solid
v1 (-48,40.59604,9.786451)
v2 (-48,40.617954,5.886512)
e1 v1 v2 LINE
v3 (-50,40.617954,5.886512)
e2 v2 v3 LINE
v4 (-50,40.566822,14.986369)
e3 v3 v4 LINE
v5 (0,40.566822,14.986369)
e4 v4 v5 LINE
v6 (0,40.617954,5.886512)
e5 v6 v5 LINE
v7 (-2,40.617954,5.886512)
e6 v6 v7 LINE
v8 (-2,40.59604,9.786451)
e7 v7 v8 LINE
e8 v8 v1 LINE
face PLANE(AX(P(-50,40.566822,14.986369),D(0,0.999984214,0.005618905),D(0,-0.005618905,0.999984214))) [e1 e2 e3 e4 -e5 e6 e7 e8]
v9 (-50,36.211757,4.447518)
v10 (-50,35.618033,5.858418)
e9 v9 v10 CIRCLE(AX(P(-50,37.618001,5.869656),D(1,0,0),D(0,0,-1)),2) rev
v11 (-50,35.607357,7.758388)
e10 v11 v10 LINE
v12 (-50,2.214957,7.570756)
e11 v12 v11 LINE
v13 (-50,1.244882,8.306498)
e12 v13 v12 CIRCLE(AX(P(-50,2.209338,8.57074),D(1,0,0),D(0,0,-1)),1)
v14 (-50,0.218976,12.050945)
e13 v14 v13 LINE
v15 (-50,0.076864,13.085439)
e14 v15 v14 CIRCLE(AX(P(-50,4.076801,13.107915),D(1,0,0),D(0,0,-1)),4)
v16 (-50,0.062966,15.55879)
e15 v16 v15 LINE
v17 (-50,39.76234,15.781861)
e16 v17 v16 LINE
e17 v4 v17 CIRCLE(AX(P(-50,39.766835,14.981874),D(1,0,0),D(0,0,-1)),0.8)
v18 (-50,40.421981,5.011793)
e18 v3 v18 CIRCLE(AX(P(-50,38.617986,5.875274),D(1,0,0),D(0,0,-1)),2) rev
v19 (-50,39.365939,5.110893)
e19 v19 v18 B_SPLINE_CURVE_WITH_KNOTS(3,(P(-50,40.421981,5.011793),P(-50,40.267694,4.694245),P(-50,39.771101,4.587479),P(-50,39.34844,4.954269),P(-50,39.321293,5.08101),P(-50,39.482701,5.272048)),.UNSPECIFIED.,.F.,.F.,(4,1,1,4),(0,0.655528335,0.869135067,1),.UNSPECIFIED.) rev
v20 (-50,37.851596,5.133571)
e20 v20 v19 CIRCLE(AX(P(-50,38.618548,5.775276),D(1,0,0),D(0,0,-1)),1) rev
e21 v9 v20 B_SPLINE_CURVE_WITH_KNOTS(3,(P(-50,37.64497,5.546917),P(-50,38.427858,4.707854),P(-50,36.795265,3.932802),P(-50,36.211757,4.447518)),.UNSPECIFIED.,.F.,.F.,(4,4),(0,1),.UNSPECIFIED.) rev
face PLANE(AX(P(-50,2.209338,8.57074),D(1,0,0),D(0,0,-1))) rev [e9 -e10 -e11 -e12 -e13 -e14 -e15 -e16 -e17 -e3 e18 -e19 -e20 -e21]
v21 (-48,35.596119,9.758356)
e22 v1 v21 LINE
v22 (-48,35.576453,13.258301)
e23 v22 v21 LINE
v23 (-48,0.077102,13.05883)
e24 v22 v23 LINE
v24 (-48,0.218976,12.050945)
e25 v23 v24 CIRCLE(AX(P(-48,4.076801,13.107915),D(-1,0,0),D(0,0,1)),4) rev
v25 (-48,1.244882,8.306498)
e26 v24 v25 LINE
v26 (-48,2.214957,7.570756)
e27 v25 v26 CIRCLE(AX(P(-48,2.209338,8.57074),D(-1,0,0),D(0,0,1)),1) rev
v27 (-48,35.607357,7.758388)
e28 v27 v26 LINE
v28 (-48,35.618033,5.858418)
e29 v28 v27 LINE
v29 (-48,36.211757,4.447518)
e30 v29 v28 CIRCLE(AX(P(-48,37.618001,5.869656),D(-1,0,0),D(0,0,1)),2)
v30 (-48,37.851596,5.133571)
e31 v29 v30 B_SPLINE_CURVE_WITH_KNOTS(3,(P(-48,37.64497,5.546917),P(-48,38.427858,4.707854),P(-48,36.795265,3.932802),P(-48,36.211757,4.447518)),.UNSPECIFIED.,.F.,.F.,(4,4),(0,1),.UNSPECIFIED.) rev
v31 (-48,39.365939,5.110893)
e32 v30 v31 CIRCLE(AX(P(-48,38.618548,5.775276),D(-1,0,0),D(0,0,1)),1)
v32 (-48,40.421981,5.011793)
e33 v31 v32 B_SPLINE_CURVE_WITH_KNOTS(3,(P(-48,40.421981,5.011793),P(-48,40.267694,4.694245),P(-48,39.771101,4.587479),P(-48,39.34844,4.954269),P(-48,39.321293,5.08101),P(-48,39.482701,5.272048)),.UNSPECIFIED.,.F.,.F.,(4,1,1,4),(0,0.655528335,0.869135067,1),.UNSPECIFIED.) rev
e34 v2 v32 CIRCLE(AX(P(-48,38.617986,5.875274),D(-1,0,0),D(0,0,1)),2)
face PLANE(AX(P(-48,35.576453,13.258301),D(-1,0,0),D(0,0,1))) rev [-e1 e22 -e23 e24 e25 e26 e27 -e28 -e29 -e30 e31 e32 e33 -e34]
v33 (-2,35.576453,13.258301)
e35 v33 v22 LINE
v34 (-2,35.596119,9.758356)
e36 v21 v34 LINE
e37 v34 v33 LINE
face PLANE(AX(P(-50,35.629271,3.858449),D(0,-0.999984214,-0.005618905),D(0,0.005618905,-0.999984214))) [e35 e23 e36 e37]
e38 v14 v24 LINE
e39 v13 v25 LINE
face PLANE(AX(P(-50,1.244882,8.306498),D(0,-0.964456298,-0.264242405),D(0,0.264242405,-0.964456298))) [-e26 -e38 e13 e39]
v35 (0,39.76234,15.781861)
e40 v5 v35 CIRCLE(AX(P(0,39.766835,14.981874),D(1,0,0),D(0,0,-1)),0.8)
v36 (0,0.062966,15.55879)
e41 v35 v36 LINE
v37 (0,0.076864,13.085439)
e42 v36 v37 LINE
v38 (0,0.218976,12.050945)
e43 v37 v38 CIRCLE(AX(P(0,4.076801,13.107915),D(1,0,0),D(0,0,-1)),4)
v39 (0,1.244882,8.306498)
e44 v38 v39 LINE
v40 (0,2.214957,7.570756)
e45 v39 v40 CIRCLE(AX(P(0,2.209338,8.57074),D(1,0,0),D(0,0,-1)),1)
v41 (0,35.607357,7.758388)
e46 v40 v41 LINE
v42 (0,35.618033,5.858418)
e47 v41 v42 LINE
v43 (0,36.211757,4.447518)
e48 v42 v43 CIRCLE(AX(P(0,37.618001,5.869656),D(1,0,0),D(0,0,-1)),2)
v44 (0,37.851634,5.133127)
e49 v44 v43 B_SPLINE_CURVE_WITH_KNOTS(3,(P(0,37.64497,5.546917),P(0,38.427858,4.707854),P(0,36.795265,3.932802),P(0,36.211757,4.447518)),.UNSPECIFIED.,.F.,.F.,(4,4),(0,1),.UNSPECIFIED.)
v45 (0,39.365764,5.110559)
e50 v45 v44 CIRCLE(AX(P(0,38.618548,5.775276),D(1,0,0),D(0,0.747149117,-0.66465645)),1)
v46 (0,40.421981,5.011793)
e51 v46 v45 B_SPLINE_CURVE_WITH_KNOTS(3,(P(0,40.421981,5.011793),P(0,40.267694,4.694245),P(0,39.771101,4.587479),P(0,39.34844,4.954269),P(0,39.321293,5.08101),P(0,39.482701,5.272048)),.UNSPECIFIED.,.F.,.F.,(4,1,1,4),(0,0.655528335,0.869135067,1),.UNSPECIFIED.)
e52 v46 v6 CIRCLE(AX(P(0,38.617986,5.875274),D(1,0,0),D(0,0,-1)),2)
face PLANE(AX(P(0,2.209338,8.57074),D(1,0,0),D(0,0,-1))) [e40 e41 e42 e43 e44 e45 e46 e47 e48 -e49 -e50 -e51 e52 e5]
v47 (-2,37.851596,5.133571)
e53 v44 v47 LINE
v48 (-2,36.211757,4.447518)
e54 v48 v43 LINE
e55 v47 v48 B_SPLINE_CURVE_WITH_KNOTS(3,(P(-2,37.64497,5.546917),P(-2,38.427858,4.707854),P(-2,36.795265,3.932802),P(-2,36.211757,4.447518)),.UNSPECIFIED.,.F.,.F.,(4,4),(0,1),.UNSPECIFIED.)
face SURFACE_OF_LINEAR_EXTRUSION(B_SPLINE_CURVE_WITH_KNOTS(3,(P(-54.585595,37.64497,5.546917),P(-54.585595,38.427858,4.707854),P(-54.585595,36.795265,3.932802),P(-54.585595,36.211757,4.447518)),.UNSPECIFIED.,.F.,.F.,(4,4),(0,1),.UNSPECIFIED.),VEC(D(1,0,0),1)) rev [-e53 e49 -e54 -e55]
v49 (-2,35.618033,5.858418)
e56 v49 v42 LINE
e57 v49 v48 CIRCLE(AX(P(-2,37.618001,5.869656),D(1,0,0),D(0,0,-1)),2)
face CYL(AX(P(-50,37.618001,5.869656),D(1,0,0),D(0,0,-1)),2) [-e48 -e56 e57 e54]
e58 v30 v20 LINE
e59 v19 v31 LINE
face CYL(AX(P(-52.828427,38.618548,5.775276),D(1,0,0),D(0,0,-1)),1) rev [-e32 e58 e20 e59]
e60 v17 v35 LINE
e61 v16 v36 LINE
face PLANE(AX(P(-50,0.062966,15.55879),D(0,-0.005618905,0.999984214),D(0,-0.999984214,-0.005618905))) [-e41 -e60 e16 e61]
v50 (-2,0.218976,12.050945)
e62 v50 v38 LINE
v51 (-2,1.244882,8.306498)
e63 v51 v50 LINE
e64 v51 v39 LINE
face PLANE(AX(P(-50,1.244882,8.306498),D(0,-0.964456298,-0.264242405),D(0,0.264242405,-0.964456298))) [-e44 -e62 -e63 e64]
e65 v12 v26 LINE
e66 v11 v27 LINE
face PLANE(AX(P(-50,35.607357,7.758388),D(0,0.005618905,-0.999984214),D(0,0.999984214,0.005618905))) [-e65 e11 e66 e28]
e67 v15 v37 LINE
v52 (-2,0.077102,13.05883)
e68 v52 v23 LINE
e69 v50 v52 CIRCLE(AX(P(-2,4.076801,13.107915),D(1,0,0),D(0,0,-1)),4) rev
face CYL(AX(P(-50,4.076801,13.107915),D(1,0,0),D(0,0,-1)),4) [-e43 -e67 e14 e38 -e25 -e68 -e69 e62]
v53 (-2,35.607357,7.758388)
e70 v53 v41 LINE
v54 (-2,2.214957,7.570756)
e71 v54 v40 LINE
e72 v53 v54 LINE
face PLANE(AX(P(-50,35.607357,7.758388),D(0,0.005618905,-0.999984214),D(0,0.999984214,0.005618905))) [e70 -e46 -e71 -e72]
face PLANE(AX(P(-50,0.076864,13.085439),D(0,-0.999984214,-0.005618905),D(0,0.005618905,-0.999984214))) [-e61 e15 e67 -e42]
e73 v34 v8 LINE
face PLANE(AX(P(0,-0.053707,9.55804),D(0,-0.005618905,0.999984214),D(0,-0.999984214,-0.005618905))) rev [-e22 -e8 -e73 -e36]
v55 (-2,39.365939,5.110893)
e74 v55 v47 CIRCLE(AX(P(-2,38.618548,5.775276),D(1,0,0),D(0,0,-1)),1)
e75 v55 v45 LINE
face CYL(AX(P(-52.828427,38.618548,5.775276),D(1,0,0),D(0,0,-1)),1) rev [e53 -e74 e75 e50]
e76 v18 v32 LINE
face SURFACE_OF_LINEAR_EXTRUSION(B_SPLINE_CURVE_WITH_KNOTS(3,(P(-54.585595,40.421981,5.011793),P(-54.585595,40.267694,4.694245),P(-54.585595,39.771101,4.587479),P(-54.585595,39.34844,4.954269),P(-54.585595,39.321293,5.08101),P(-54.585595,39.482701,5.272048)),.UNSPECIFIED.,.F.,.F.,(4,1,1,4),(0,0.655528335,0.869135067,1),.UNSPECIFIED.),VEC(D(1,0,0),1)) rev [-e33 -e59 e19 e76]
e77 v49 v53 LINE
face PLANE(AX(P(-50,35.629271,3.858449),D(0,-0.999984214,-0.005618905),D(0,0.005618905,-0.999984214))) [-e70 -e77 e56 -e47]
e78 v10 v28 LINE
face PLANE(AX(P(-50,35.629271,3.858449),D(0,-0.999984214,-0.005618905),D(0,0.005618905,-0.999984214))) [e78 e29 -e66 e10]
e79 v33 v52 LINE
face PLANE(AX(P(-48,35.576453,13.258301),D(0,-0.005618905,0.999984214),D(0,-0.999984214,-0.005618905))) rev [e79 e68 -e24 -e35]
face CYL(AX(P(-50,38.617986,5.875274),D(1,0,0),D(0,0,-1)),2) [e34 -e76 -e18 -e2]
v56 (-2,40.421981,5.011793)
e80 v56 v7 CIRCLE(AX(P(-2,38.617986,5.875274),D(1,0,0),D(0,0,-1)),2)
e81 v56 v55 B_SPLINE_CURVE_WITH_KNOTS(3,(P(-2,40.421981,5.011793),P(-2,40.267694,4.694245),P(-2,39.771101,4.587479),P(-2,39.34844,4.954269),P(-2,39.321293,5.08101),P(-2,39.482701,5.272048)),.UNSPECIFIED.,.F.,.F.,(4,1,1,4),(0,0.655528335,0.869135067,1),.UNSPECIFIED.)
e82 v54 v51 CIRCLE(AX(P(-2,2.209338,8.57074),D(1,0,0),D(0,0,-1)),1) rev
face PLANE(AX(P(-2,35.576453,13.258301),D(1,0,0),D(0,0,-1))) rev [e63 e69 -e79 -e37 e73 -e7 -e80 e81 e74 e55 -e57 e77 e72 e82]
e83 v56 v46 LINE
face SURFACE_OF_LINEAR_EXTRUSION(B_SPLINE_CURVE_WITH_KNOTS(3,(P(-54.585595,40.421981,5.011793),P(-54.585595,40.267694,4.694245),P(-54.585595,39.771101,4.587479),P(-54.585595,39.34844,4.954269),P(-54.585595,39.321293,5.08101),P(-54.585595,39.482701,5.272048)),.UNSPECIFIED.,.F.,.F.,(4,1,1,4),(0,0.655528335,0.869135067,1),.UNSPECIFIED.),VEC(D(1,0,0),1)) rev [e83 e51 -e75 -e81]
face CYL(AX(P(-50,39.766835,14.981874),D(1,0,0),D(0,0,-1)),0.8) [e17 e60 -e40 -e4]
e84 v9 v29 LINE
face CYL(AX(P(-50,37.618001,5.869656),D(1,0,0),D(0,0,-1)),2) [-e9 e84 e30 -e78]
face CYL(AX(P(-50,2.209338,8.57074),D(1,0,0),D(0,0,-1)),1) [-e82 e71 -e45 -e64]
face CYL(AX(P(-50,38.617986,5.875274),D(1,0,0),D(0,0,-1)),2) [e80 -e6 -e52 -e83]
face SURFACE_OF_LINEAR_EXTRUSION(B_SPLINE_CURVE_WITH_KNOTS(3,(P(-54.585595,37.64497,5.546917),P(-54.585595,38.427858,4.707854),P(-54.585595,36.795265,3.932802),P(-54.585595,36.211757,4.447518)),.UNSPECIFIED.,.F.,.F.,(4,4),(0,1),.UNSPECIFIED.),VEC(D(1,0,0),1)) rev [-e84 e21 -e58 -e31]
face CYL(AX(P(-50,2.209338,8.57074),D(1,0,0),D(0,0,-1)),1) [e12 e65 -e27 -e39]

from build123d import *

# Parameters (mm, degrees)
BOSS_EXTRUDE1_DEPTH = 50
FILLET5_R           = 2
SKETCH5_W           = 46
SKETCH5_H           = 5.5
CUT_EXTRUDE1_DEPTH  = 35.5
SKETCH6_R           = 1
CUT_EXTRUDE2_DEPTH  = 50
FILLET8_R           = 2
CUT_EXTRUDE3_DEPTH  = 50
CUT_EXTRUDE4_REACH  = 73.453
CUT_EXTRUDE4_START  = -6
SKETCH9_W           = 46
SKETCH9_H           = 5.08594255


with BuildPart() as part:
    # Sketch1 → Boss-Extrude1 (new body)
    with BuildSketch(Plane(origin=(0, 0, 0), x_dir=(0, 0, -1), z_dir=(1, 0, 0))):
        with BuildLine():
            Line((-3.886543853, 40.629191905), (-3.858449328, 35.629270836))
            Line((-3.858449328, 35.629270836), (-7.758387762, 35.607357106))
            Line((-7.758387762, 35.607357106), (-7.570756078, 2.214957203))
            ThreePointArc((-7.570756078, 2.214957203), (-7.773978903, 1.605044256), (-8.306497887, 1.244882))
            Line((-8.306497887, 1.244882), (-12.050945383, 0.218975681))
            ThreePointArc((-12.050945383, 0.218975681), (-12.563535137, 0.11401769), (-13.085439382, 0.076864019))
            Line((-13.085439382, 0.076864019), (-15.558790346, 0.062966276))
            Line((-15.558790346, 0.062966276), (-15.781860873, 39.762339565))
            ThreePointArc((-15.781860873, 39.762339565), (-15.55072853, 40.329332651), (-14.986368626, 40.56682206))
            Line((-14.986368626, 40.56682206), (-3.886543853, 40.629191905))
        make_face()
    extrude(amount=-BOSS_EXTRUDE1_DEPTH)

    # Fillet5
    fillet5_edges = [part.edges().sort_by_distance(p)[0] for p in [
        (-25, 35.629270836, 3.858449328),
    ]]
    fillet(fillet5_edges, radius=FILLET5_R)

    # Sketch5 → Cut-Extrude1 (cut)
    with BuildSketch(Plane(origin=(0, 0.150386272, 0.00084502), x_dir=(1, 0, 0), z_dir=(0, -0.9999842138288617, -0.005618904971023238))):
        with Locations((-25, 10.308190931)):
            Rectangle(SKETCH5_W, SKETCH5_H)
    extrude(amount=-CUT_EXTRUDE1_DEPTH, mode=Mode.SUBTRACT)

    # Sketch6 → Cut-Extrude2 (cut)
    with BuildSketch(Plane(origin=(0, 0, 0), x_dir=(0, 0, -1), z_dir=(1, 0, 0))):
        with Locations((-5.775276049, 38.618547558)):
            Circle(SKETCH6_R)
    extrude(amount=-CUT_EXTRUDE2_DEPTH, mode=Mode.SUBTRACT)

    # Fillet8
    fillet8_edges = [part.edges().sort_by_distance(p)[0] for p in [
        (-25, 40.629191905, 3.886543853),
    ]]
    fillet(fillet8_edges, radius=FILLET8_R)

    # Sketch7 → Cut-Extrude3 (cut)
    with BuildSketch(Plane(origin=(0, 0, 0), x_dir=(0, 0, -1), z_dir=(1, 0, 0))):
        with BuildLine():
            Line((-5.546917351, 39.592124625), (-5.546917351, 37.644970491))
            add(Edge.make_bspline(
                [(-5.546917351, 37.644970491), (-4.707853676, 38.427857511), (-3.932802052, 36.795264926), (-4.447517997, 36.211756548)],
                knots=[0, 0, 0, 0, 1, 1, 1, 1], degree=3))
            Line((-4.447517997, 36.211756548), (-3.72986133, 36.211756548))
            Line((-3.72986133, 36.211756548), (-3.72986133, 40.421981197))
            Line((-3.72986133, 40.421981197), (-5.011793069, 40.421981197))
            add(Edge.make_bspline(
                [(-5.272048409, 39.482701446), (-5.081010169, 39.321292536), (-4.954269224, 39.348440279), (-4.587478606, 39.771100718), (-4.694245253, 40.267694009), (-5.011793069, 40.421981197)],
                knots=[0, 0, 0, 0, 0.130864933, 0.344471665, 1, 1, 1, 1], degree=3))
            add(Edge.make_bspline(
                [(-5.546917351, 39.592124625), (-5.444164643, 39.566706147), (-5.272048409, 39.482701446)],
                knots=[0, 0, 0, 1, 1, 1], degree=2))
        make_face()
    extrude(amount=-CUT_EXTRUDE3_DEPTH, mode=Mode.SUBTRACT)

    # Sketch9 → Cut-Extrude4 (cut, up to next)
    with BuildSketch(Plane(origin=(0, -0.087419996, 15.557945326), x_dir=(1, 0, 0), z_dir=(0, -0.00561890497102722, 0.9999842138288618)).offset(CUT_EXTRUDE4_START), mode=Mode.PRIVATE) as cut_extrude4_sk1:
        with Locations((-25, 38.193359921)):
            Rectangle(SKETCH9_W, SKETCH9_H)
    cut_extrude4_tool1 = extrude(cut_extrude4_sk1.sketch, amount=-CUT_EXTRUDE4_REACH, mode=Mode.PRIVATE) & part.part
    add(cut_extrude4_tool1.solids().sort_by_distance((-25, 38.13905, 9.772645))[0], mode=Mode.SUBTRACT)


solid = part.part
